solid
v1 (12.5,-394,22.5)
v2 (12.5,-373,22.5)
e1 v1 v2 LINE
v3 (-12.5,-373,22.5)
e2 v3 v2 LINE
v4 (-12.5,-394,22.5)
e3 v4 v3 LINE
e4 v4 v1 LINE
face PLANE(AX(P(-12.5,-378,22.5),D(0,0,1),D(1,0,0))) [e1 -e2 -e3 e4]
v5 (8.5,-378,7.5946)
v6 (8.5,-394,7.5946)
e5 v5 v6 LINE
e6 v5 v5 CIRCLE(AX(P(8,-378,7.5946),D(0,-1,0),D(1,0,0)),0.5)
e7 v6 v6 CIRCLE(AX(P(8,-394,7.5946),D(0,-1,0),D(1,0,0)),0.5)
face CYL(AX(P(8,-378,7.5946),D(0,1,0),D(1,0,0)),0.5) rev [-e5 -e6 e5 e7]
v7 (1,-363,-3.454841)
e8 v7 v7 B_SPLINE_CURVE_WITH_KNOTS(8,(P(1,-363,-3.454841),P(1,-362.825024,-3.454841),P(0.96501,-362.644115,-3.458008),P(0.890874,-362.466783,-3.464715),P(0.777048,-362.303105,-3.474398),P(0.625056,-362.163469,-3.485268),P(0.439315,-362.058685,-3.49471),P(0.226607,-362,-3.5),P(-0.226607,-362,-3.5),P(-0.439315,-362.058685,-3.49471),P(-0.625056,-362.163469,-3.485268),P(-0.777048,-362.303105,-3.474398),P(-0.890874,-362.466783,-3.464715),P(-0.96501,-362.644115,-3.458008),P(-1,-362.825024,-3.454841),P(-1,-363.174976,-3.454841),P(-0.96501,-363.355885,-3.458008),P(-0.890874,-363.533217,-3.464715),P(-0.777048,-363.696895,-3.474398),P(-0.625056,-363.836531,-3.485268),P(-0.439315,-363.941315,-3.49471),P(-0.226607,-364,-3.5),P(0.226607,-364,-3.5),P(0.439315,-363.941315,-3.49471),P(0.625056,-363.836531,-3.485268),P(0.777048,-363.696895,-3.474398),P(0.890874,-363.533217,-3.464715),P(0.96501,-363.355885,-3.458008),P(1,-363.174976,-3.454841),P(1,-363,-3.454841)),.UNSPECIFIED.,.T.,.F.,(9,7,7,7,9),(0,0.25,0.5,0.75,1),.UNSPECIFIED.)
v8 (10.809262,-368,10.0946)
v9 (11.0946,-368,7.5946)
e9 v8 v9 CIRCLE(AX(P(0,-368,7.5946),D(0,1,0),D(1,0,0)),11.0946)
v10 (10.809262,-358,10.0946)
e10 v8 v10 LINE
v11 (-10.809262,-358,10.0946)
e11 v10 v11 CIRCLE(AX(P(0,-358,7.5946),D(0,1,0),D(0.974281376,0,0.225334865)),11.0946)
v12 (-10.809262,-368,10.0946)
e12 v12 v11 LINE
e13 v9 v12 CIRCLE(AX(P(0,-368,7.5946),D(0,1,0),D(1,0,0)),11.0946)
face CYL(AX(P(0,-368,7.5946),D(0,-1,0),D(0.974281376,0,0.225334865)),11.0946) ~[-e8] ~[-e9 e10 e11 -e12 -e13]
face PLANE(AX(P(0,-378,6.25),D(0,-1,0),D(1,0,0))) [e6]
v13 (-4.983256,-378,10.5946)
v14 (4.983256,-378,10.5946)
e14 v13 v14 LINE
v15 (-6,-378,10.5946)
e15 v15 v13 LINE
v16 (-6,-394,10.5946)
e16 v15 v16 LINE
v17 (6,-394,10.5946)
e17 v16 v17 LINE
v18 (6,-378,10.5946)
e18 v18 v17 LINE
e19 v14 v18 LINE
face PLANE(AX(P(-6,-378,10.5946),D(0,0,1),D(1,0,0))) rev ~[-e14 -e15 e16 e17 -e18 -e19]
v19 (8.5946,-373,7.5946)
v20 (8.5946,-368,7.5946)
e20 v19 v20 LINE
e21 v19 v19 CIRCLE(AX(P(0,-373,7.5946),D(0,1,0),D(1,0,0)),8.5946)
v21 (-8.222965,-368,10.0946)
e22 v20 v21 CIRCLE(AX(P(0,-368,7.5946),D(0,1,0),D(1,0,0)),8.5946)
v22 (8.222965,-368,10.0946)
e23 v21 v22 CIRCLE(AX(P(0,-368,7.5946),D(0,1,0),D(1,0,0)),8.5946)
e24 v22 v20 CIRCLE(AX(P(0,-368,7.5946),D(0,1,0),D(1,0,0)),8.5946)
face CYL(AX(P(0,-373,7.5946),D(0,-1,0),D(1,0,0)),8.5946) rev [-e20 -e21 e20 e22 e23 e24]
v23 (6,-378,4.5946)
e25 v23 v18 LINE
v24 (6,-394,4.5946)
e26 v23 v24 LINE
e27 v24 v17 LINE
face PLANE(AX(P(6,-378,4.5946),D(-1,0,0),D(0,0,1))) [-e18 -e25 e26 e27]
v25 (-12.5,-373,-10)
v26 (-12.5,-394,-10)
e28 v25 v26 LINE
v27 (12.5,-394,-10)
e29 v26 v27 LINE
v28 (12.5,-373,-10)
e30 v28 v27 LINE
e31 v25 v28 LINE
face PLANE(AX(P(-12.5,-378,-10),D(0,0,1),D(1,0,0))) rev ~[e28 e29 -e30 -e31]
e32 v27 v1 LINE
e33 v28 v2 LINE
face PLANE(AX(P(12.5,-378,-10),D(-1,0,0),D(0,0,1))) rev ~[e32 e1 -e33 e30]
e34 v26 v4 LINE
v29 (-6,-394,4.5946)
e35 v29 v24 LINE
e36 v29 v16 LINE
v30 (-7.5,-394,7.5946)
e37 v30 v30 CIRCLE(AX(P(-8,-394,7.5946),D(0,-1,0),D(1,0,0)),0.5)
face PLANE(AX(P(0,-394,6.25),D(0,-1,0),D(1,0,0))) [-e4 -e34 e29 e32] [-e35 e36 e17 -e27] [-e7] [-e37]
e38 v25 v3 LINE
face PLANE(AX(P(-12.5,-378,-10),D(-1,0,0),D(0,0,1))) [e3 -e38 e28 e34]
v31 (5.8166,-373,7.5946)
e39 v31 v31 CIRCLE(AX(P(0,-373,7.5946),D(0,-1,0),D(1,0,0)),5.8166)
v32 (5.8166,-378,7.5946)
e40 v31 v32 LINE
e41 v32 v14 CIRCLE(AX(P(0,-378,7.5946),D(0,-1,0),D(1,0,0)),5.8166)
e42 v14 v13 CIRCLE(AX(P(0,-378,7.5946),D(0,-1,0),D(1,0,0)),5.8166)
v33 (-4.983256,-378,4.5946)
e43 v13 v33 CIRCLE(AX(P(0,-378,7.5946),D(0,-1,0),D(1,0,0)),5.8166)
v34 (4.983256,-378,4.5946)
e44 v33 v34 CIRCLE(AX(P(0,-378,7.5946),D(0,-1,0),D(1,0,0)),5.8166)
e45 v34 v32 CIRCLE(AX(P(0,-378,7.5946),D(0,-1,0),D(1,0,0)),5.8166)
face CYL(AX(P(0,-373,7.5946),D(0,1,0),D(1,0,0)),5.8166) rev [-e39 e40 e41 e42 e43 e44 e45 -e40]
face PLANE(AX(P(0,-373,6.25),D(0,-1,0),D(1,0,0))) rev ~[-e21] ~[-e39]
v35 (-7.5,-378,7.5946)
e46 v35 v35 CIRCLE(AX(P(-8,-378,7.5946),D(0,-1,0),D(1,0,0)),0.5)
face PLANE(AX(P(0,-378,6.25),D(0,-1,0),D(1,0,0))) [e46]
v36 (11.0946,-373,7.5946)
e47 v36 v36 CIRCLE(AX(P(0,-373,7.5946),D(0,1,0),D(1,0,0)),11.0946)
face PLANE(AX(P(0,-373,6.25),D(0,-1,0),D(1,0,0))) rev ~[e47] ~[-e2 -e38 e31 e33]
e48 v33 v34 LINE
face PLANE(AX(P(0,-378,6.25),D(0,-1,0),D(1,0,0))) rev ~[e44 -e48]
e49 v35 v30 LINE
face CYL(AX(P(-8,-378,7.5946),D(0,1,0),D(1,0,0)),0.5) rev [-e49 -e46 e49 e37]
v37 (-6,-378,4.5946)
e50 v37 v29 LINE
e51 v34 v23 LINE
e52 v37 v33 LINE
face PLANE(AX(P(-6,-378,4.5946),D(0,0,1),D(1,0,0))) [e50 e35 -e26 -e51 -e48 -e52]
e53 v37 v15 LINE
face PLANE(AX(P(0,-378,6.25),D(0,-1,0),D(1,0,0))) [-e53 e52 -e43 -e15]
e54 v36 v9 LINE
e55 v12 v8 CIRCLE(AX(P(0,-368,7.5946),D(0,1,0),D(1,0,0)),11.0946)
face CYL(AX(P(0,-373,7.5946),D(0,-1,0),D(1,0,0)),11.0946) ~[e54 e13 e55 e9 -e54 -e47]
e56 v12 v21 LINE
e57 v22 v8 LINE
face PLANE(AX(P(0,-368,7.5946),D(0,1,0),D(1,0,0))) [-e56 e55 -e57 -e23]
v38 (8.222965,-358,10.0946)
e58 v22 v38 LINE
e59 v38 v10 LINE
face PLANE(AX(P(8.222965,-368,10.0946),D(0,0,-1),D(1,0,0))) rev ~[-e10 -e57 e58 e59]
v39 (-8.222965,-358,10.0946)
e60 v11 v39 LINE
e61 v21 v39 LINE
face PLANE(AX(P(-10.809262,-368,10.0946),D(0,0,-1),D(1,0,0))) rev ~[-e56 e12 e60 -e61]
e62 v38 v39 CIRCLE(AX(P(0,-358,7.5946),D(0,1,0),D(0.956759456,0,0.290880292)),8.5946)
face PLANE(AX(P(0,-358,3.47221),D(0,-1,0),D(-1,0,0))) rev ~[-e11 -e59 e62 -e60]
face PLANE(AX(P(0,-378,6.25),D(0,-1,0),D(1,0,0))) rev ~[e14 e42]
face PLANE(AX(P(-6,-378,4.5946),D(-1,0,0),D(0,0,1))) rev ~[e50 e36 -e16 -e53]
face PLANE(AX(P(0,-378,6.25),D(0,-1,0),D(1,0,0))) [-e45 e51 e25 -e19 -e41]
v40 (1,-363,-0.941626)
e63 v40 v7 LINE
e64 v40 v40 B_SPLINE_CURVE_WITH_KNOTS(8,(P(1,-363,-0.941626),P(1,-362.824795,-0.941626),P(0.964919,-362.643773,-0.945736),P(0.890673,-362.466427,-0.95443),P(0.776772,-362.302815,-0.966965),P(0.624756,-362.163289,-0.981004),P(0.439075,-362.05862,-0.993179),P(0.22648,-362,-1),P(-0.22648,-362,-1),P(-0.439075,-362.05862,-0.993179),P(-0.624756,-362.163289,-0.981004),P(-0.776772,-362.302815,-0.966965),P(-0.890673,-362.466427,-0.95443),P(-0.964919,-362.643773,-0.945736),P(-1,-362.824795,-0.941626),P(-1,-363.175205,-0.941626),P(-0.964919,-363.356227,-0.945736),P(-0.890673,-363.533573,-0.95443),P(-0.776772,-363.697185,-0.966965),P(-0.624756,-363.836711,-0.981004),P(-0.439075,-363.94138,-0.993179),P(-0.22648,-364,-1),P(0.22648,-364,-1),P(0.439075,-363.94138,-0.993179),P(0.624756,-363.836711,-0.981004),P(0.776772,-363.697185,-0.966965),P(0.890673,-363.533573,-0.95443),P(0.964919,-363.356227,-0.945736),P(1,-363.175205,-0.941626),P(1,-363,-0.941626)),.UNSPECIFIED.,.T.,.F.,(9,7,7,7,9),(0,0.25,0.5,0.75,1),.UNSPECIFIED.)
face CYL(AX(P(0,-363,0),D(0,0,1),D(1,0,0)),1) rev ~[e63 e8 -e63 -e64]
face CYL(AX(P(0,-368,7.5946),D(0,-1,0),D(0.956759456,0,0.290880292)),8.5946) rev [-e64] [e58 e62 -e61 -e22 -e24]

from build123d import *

# Parameters (mm, degrees)
SKETCH023_W     = 25
SKETCH023_H     = 32.5
SKETCH023_R     = 5.8166
PAD011_DEPTH    = 5
SKETCH024_R     = 11.0946
SKETCH024_R_2   = 8.5946
PAD012_DEPTH    = 5
SKETCH025_W     = 25
SKETCH025_H     = 32.5
SKETCH025_R     = 0.5
SKETCH025_W_2   = 12
SKETCH025_H_2   = 6
PAD013_DEPTH    = 16
PAD020_DEPTH    = 10
SKETCH035_R     = 1
POCKET007_DEPTH = 16


with BuildPart() as part:
    # Sketch023 → Pad011 (new body)
    with BuildSketch(Plane.XZ):
        with Locations((0, 6.25)):
            Rectangle(SKETCH023_W, SKETCH023_H)
        with Locations((0, 7.5946)):
            Circle(SKETCH023_R, mode=Mode.SUBTRACT)
    extrude(amount=PAD011_DEPTH)

    # Sketch024 (on Face6 of Pad011) → Pad012 (join)
    with BuildSketch(Plane(origin=(0, 0, 0), x_dir=(1, 0, 0), z_dir=(0, 1, 0))):
        with Locations((0, -7.5946)):
            Circle(SKETCH024_R)
        with Locations((0, -7.5946)):
            Circle(SKETCH024_R_2, mode=Mode.SUBTRACT)
    extrude(amount=PAD012_DEPTH)

    # Sketch025 (on Face5 of Pad012) → Pad013 (join)
    with BuildSketch(Plane.XZ.offset(5)):
        with Locations((0, 6.25)):
            Rectangle(SKETCH025_W, SKETCH025_H)
        with Locations((-8, 7.5946)):
            Circle(SKETCH025_R, mode=Mode.SUBTRACT)
        with Locations((8, 7.5946)):
            Circle(SKETCH025_R, mode=Mode.SUBTRACT)
        with Locations((0, 7.5946)):
            Rectangle(SKETCH025_W_2, SKETCH025_H_2, mode=Mode.SUBTRACT)
    extrude(amount=PAD013_DEPTH)

    # Sketch034 → Pad020 (join)
    with BuildSketch(Plane(origin=(0, 5, 0), x_dir=(1, 0, 0), z_dir=(0, 1, 0))):
        with BuildLine():
            ThreePointArc((8.222965, -10.0946), (0, 1), (-8.222965, -10.0946))
            Line((-10.809262, -10.0946), (-8.222965, -10.0946))
            ThreePointArc((10.809262, -10.0946), (0, 3.5), (-10.809262, -10.0946))
            Line((8.222965, -10.0946), (10.809262, -10.0946))
        make_face()
    extrude(amount=PAD020_DEPTH)

    # Sketch035 → Pocket007 (cut)
    with BuildSketch(Plane.XY):
        with Locations((0, 10)):
            Circle(SKETCH035_R)
    extrude(amount=-POCKET007_DEPTH, mode=Mode.SUBTRACT)


with BuildPart() as part_1:
    # Body005 placement: moved
    add(part.part.moved(Location((0, -373, 0))))


solid = part_1.part
